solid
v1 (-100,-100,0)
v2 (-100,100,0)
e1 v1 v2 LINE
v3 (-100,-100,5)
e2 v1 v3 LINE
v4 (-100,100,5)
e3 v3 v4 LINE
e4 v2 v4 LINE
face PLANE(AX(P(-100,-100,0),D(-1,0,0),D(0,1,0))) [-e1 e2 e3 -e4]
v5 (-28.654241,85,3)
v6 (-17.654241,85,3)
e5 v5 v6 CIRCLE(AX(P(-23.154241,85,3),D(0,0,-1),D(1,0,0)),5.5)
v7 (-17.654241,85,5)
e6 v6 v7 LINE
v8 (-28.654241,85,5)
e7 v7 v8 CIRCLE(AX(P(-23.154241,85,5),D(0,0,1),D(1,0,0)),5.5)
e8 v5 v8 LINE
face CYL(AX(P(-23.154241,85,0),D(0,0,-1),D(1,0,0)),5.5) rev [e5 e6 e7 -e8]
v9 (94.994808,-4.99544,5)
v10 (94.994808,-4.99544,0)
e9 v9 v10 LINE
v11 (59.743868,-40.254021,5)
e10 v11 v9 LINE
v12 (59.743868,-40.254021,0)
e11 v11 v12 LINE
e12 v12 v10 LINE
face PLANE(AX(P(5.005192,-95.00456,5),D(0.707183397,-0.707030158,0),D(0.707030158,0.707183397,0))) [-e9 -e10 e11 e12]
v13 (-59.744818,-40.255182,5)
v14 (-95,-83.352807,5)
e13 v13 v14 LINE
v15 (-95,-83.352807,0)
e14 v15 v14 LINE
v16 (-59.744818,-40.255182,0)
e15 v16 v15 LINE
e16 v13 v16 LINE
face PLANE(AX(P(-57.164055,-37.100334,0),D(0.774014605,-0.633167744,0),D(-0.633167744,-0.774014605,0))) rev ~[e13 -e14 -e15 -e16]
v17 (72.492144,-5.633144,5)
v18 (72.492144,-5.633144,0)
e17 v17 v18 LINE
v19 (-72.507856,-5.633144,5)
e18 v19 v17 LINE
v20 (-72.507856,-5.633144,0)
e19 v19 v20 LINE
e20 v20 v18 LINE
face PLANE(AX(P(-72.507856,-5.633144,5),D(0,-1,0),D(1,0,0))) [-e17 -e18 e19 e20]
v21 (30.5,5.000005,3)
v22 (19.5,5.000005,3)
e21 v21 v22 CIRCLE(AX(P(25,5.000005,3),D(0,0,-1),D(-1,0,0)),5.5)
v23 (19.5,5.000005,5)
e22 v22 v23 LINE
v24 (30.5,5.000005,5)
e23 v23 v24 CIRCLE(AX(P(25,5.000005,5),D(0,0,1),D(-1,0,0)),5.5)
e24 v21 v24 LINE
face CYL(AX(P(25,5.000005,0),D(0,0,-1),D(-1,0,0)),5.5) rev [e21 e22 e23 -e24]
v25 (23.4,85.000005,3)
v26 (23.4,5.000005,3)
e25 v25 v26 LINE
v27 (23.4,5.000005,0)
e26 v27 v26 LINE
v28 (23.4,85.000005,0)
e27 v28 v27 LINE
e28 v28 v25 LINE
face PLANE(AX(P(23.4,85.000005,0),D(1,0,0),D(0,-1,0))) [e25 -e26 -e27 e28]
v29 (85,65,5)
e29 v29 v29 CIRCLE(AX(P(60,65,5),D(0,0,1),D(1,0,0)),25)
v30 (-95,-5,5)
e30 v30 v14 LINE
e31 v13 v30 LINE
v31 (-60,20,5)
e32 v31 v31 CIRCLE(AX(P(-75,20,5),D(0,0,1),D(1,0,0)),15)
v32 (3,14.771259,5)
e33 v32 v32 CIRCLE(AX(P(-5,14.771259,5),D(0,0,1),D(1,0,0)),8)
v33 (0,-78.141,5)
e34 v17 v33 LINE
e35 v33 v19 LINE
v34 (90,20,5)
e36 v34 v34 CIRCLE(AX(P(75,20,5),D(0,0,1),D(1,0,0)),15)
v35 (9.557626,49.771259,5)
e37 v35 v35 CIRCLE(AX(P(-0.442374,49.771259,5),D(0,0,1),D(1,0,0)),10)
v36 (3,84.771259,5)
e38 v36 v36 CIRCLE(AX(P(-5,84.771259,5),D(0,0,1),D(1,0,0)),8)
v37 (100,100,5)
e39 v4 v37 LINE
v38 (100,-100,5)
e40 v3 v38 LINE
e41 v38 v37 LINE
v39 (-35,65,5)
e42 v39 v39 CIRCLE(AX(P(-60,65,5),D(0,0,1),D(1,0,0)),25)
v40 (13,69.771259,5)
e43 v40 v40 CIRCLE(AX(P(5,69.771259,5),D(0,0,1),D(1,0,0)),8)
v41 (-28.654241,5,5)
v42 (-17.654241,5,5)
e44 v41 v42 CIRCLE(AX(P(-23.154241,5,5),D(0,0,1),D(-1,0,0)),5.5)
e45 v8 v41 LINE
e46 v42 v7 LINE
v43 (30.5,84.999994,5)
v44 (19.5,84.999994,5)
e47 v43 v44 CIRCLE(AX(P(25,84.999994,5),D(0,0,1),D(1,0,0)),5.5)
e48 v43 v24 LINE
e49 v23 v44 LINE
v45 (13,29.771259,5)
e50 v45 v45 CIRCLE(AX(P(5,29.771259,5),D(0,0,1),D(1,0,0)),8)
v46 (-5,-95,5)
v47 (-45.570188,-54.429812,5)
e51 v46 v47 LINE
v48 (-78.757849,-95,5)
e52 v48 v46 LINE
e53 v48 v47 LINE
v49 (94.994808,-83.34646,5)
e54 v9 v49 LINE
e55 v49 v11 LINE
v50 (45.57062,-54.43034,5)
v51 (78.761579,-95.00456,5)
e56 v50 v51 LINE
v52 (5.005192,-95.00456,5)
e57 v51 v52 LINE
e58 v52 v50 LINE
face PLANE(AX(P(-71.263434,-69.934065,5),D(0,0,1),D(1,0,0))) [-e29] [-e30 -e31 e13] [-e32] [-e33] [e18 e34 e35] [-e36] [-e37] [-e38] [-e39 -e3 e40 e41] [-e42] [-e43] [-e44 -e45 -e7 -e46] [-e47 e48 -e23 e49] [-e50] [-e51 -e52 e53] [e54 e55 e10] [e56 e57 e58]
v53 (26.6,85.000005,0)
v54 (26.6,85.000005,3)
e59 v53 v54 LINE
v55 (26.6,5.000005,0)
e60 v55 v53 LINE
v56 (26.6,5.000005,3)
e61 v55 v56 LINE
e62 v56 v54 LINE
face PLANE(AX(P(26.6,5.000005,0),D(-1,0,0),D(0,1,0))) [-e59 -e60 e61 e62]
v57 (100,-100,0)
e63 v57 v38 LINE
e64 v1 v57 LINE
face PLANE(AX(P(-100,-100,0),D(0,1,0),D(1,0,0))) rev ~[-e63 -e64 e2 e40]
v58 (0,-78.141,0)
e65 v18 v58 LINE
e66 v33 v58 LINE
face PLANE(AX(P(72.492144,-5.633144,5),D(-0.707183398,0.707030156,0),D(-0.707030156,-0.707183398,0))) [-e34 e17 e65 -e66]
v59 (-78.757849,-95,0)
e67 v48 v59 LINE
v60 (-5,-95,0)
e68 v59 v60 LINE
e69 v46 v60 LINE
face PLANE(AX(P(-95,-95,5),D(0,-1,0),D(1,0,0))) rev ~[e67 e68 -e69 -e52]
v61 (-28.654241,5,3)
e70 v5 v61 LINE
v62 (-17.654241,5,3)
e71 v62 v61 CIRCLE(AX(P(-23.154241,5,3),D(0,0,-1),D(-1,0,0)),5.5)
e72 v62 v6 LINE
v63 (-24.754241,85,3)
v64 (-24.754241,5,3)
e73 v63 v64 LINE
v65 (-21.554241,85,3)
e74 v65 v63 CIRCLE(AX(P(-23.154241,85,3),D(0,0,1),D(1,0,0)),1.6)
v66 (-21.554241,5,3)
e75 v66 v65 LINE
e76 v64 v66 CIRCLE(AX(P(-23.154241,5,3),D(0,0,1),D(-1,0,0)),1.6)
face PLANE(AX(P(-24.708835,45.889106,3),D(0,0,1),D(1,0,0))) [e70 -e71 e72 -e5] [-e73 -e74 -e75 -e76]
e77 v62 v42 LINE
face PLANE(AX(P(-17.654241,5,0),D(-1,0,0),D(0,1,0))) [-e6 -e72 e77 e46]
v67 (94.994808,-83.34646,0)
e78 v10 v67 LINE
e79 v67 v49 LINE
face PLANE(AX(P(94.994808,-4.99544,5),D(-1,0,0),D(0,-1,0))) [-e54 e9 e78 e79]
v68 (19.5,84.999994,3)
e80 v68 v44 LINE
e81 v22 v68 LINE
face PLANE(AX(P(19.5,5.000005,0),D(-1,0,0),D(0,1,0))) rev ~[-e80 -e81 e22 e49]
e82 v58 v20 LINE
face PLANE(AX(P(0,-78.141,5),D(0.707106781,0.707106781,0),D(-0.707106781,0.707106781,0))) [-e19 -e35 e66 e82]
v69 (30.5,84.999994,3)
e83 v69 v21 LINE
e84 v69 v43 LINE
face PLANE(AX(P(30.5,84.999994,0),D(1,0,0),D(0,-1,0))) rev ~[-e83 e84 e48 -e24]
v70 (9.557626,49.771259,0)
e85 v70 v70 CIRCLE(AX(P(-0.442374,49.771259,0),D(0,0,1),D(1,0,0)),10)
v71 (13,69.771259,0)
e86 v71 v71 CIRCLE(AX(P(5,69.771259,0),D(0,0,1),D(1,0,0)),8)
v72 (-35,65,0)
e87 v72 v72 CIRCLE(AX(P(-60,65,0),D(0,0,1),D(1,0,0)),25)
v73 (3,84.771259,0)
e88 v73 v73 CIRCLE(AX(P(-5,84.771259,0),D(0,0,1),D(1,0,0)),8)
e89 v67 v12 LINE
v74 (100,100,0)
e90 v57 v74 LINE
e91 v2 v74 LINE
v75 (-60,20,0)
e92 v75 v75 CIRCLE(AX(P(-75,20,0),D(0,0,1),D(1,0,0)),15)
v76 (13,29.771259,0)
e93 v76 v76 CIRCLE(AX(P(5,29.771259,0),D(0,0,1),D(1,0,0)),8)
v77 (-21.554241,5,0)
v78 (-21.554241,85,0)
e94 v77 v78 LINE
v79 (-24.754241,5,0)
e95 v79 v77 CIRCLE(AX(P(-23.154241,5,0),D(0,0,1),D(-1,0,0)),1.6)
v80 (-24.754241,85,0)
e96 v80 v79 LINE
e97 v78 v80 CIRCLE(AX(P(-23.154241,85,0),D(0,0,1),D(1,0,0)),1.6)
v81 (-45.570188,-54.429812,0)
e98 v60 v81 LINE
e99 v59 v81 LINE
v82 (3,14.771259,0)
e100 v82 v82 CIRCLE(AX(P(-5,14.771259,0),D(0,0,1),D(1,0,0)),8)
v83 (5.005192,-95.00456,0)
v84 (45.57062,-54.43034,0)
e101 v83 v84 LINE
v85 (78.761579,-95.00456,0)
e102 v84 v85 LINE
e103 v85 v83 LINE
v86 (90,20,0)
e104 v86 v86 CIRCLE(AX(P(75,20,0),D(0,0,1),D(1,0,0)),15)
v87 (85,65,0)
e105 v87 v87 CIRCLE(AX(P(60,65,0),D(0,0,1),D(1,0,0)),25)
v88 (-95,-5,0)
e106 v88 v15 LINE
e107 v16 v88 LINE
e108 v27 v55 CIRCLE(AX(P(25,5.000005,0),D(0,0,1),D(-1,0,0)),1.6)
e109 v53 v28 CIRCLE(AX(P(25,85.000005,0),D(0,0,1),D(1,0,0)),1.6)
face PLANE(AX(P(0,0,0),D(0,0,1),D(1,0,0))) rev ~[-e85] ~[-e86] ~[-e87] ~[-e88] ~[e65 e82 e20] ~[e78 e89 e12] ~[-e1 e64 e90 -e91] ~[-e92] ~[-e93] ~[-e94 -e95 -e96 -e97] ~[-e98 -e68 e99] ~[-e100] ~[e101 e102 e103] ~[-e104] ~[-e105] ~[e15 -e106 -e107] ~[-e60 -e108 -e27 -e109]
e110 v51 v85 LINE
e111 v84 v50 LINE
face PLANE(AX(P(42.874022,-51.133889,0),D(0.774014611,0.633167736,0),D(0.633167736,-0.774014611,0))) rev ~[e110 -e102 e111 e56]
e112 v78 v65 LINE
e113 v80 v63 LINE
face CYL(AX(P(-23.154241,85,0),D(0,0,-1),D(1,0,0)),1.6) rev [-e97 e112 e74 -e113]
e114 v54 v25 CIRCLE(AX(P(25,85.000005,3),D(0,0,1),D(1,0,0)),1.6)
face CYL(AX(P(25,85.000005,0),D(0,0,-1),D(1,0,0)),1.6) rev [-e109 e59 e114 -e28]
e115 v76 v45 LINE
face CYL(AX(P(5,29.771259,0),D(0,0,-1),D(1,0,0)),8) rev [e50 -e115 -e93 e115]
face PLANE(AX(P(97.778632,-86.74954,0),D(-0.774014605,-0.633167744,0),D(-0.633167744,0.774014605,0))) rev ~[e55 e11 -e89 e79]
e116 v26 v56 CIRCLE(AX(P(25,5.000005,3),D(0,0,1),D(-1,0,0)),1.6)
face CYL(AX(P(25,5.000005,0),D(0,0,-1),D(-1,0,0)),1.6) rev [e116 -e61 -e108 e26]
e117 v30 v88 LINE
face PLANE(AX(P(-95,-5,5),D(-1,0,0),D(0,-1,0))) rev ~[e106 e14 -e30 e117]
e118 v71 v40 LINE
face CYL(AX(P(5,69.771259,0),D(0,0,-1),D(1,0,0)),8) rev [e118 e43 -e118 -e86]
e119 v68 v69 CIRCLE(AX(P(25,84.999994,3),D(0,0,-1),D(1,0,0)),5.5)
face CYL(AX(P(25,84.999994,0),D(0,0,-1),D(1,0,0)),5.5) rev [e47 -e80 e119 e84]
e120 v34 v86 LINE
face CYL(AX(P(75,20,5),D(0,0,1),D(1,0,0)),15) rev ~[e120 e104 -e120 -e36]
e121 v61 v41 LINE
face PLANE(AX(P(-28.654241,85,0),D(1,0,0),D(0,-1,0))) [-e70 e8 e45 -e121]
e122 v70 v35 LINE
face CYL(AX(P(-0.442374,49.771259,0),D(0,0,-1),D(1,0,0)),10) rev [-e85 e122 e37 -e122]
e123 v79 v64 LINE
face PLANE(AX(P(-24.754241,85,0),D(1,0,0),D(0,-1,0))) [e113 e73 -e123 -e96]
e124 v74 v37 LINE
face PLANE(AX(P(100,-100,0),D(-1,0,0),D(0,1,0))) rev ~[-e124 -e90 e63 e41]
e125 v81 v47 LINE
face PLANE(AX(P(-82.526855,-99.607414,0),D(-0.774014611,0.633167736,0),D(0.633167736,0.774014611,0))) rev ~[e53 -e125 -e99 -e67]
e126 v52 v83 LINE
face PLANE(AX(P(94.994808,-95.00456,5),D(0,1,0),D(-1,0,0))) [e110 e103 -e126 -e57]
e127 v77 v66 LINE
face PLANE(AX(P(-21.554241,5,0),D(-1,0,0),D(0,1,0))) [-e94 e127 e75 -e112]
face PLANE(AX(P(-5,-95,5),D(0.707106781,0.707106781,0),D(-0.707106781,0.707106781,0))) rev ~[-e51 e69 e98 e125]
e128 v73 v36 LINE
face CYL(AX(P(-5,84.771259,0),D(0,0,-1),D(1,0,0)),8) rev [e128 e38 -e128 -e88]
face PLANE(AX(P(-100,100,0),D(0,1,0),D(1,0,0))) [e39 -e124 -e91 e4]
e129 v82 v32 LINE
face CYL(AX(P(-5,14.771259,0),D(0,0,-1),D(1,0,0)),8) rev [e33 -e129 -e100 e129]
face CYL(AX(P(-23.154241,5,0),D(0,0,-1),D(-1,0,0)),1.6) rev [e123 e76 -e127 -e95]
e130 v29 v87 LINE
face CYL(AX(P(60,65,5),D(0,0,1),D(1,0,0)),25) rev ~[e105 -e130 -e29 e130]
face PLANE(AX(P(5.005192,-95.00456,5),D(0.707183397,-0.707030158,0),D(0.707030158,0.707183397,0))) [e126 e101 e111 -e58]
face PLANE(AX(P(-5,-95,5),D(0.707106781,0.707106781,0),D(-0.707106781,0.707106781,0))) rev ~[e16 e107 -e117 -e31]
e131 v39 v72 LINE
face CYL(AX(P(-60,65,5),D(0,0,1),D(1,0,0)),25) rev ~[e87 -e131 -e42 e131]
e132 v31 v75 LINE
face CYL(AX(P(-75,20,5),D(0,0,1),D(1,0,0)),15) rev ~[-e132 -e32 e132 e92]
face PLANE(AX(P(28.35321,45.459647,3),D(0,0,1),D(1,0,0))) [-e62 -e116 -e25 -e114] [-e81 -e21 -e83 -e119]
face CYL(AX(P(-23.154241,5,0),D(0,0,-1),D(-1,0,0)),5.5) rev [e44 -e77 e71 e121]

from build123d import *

# Parameters (mm, degrees)
SKETCH_W        = 200
SKETCH_H        = 200
PAD_DEPTH       = 5
SKETCH001_W     = 28.435717
SKETCH001_H     = 96.211274
SKETCH001_W_2   = 31.50908
SKETCH001_H_2   = 95.352357
PAD001_DEPTH    = 3
POCKET_DEPTH    = 5
SKETCH003_R     = 25
SKETCH003_R_2   = 15
POCKET001_DEPTH = 5
SKETCH004_R     = 8
SKETCH004_R_2   = 10
POCKET002_DEPTH = 5
PAD002_DEPTH    = 5


with BuildPart() as part:
    # Sketch → Pad (new body)
    with BuildSketch(Plane.XY):
        Rectangle(SKETCH_W, SKETCH_H)
        with BuildLine():
            ThreePointArc((-17.654241, 85), (-23.154241, 90.5), (-28.654241, 85))
            Line((-28.654241, 85), (-28.654241, 5))
            ThreePointArc((-28.654241, 5), (-23.154241, -0.5), (-17.654241, 5))
            Line((-17.654241, 5), (-17.654241, 85))
        make_face(mode=Mode.SUBTRACT)
        with BuildLine():
            ThreePointArc((30.5, 84.999994), (25, 90.499994), (19.5, 84.999994))
            Line((19.5, 5.000005), (19.5, 84.999994))
            ThreePointArc((19.5, 5.000005), (25, -0.499995), (30.5, 5.000005))
            Line((30.5, 84.999994), (30.5, 5.000005))
        make_face(mode=Mode.SUBTRACT)
    extrude(amount=PAD_DEPTH)

    # Sketch001 → Pad001 (join)
    with BuildSketch(Plane.XY):
        with Locations((-24.708835, 45.889106)):
            Rectangle(SKETCH001_W, SKETCH001_H)
        with BuildLine():
            ThreePointArc((-21.554241, 85), (-23.154241, 86.6), (-24.754241, 85))
            Line((-24.754241, 85), (-24.754241, 5))
            ThreePointArc((-24.754241, 5), (-23.154241, 3.4), (-21.554241, 5))
            Line((-21.554241, 5), (-21.554241, 85))
        make_face(mode=Mode.SUBTRACT)
        with Locations((28.35321, 45.459647)):
            Rectangle(SKETCH001_W_2, SKETCH001_H_2)
        with BuildLine():
            ThreePointArc((26.6, 85.000005), (25, 86.600005), (23.4, 85.000005))
            Line((23.4, 85.000005), (23.4, 5.000005))
            ThreePointArc((23.4, 5.000005), (25, 3.400005), (26.6, 5.000005))
            Line((26.6, 5.000005), (26.6, 85.000005))
        make_face(mode=Mode.SUBTRACT)
    extrude(amount=PAD001_DEPTH)

    # Sketch002 (on Face5 of Pad001) → Pocket (cut)
    with BuildSketch(Plane.XY.offset(5)):
        Polygon((-95, -5), (-95, -95), (-5, -95), align=None)
        Polygon((94.994808, -4.99544), (94.994808, -95.00456), (5.005192, -95.00456), align=None)
        Polygon((0, -78.141), (-72.507856, -5.633144), (72.492144, -5.633144), align=None)
    extrude(amount=-POCKET_DEPTH, mode=Mode.SUBTRACT)

    # Sketch003 (on Face5 of Pocket) → Pocket001 (cut)
    with BuildSketch(Plane.XY.offset(5)):
        with Locations((-60, 65)):
            Circle(SKETCH003_R)
        with Locations((-75, 20)):
            Circle(SKETCH003_R_2)
        with Locations((75, 20)):
            Circle(SKETCH003_R_2)
        with Locations((60, 65)):
            Circle(SKETCH003_R)
    extrude(amount=-POCKET001_DEPTH, mode=Mode.SUBTRACT)

    # Sketch004 → Pocket002 (cut)
    with BuildSketch(Plane.XY):
        with Locations((-5, 14.771259)):
            Circle(SKETCH004_R)
        with Locations((5, 29.771259)):
            Circle(SKETCH004_R)
        with Locations((-0.442374, 49.771259)):
            Circle(SKETCH004_R_2)
        with Locations((-5, 84.771259)):
            Circle(SKETCH004_R)
        with Locations((5, 69.771259)):
            Circle(SKETCH004_R)
    extrude(amount=POCKET002_DEPTH, mode=Mode.SUBTRACT)

    # Sketch005 → Pad002 (join)
    with BuildSketch(Plane.XY):
        Polygon((-97.778632, -86.74954), (-95.572601, -99.607414), (-82.526855, -99.607414), (-42.874022, -51.133889), (-57.164055, -37.100334), align=None)
        Polygon((57.164055, -37.100334), (42.874022, -51.133889), (82.526855, -99.607414), (95.572601, -99.607414), (97.778632, -86.74954), align=None)
    extrude(amount=PAD002_DEPTH)


solid = part.part
